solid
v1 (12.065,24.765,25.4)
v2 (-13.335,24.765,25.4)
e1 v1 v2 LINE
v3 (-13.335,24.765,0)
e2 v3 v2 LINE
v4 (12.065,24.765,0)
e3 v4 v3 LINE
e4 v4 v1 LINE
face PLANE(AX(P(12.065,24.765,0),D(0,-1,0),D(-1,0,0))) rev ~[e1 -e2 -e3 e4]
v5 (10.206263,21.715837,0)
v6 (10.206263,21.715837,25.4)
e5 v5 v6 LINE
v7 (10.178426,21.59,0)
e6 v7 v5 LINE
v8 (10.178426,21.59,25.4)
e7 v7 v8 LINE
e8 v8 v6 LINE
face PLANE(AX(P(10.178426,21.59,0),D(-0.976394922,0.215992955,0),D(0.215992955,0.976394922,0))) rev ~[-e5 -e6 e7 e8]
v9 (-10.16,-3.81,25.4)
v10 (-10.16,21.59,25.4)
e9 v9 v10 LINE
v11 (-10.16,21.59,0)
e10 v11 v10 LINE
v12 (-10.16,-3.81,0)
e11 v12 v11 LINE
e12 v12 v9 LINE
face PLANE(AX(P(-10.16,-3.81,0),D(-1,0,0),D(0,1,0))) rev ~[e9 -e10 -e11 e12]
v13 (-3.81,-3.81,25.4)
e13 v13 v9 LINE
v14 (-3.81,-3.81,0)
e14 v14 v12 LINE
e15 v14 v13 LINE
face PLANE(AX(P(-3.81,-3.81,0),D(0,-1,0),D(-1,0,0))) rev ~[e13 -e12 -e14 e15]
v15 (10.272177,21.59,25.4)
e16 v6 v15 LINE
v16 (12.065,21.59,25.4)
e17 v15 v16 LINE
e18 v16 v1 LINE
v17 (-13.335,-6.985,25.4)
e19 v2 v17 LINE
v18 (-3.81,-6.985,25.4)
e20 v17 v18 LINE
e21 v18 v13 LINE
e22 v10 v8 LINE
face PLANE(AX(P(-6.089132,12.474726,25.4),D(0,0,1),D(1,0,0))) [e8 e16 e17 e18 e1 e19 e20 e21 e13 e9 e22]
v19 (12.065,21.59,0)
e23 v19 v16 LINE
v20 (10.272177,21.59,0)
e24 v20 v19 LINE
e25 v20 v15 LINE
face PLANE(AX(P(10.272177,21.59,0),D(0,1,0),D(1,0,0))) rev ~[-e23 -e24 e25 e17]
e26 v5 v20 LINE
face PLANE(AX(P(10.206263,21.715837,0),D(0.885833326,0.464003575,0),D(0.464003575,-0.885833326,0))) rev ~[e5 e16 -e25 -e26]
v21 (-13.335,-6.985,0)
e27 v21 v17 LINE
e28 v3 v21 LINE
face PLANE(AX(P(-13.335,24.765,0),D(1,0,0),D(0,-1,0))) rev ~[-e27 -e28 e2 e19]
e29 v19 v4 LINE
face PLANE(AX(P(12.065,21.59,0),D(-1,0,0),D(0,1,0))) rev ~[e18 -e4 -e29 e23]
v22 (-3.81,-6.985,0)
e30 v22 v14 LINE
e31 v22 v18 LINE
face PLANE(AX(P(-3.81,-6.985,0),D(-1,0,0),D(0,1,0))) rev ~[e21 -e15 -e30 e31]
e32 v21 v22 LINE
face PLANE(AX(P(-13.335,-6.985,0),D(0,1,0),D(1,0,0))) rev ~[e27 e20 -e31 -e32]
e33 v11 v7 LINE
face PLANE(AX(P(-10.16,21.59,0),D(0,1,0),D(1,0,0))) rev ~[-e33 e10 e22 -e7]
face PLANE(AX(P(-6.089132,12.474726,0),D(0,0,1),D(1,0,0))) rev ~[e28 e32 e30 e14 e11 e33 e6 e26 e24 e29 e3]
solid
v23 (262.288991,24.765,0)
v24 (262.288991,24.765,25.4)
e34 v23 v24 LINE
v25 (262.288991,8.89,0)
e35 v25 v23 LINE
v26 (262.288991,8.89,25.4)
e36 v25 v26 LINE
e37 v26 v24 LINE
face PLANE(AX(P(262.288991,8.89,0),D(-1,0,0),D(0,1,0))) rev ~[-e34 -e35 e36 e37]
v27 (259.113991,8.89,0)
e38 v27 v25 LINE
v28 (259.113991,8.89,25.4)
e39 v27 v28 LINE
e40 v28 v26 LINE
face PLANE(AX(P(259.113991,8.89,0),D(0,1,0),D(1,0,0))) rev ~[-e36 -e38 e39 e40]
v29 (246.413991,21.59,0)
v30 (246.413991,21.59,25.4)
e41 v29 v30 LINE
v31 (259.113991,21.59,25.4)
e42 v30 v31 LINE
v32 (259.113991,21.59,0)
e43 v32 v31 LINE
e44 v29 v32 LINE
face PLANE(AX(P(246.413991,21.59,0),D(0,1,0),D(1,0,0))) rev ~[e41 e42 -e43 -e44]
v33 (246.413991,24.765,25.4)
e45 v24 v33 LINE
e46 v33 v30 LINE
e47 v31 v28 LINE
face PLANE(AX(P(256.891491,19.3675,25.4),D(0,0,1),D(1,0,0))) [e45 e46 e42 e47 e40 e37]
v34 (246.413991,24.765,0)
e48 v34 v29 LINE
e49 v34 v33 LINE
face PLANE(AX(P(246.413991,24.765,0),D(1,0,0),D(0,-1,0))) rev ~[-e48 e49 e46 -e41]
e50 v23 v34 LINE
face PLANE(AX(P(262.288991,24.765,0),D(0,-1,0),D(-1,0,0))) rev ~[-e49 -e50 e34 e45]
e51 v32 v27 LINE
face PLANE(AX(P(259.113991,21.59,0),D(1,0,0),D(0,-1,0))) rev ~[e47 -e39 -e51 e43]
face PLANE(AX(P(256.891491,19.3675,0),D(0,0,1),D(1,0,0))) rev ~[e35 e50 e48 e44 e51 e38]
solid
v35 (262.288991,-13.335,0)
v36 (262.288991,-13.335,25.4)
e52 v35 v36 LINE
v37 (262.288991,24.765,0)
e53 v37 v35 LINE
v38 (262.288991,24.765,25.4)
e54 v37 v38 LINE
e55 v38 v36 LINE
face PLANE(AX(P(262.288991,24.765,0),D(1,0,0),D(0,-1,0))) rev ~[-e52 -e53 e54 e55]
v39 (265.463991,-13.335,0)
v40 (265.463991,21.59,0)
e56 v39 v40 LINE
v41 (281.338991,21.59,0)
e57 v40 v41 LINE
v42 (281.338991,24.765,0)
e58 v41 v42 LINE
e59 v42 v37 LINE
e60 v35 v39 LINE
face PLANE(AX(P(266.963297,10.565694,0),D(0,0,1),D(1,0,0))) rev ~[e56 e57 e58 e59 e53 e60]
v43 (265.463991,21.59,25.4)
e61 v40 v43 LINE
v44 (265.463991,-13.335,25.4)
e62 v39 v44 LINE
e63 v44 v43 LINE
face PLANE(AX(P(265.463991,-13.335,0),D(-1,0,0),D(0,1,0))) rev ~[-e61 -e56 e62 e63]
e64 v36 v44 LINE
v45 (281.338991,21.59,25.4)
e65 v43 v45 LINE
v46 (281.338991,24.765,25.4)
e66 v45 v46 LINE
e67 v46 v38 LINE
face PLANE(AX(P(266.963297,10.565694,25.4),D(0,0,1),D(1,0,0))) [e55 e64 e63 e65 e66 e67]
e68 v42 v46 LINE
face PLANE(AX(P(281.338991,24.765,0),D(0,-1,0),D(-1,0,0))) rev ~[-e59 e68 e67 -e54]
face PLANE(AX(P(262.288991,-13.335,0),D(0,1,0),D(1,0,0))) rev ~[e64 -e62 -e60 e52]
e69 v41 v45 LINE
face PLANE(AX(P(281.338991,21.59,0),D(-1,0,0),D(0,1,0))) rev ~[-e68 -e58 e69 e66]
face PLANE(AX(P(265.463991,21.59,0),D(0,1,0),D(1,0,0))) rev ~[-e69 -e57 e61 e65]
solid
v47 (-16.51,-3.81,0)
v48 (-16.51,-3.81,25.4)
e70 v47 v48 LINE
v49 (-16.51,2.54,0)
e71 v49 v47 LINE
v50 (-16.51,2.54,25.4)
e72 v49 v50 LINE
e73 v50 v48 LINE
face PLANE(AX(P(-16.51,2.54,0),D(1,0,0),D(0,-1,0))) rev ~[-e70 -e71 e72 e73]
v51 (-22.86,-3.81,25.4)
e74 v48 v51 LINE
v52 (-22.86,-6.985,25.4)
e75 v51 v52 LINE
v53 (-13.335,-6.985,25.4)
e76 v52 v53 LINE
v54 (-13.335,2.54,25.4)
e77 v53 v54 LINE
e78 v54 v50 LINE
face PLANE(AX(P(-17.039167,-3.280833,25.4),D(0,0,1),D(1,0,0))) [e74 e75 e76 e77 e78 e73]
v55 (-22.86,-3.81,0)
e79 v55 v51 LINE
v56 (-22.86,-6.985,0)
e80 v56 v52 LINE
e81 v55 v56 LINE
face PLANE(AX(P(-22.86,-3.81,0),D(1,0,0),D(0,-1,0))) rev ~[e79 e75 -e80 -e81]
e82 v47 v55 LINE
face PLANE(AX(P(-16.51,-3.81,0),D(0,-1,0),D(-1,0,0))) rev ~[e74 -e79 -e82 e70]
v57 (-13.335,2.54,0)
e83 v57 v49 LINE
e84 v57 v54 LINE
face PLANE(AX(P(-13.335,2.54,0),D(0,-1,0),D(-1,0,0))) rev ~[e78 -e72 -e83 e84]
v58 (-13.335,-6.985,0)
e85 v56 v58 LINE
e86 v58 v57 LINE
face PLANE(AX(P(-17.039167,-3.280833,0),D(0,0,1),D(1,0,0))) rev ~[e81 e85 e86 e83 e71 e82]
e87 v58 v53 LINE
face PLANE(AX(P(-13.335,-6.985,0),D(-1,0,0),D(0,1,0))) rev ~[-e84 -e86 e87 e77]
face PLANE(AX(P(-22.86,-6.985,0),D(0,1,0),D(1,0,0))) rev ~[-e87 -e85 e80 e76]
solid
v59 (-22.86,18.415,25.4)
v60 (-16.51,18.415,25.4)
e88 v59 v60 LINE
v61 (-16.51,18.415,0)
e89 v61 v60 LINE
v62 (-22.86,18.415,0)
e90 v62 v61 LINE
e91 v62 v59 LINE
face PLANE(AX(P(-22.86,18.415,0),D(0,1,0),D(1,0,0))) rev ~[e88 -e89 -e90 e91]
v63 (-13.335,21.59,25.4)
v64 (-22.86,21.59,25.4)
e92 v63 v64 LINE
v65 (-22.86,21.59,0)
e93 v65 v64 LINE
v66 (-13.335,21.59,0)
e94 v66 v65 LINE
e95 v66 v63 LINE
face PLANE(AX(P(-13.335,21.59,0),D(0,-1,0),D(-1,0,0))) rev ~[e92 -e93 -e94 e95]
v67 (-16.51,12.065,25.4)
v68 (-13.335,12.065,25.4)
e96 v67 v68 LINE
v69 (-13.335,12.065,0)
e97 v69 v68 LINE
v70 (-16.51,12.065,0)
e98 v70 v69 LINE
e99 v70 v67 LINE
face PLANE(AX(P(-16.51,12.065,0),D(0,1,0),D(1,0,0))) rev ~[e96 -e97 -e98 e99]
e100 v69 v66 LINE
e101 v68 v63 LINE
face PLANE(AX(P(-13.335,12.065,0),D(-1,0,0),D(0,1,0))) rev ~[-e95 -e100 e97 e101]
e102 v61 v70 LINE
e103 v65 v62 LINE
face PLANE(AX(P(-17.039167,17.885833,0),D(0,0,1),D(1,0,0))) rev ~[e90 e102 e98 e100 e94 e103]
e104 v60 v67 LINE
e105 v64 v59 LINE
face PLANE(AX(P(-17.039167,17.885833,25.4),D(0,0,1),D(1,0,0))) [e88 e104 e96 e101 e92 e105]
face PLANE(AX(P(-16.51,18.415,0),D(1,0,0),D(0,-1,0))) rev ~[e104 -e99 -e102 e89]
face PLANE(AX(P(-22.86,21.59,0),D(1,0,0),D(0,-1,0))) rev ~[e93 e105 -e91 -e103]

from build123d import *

# Parameters (mm, degrees)
F1_DEPTH = 25.4
F2_DEPTH = 25.4
F3_DEPTH = 25.4
F4_DEPTH = 25.4


with BuildPart() as f1:
    # F0 (on Top) → F1 (new body)
    with BuildSketch(Plane.XY):
        Polygon((-10.16, 21.59), (2.54, 21.59), (10.178426, 21.59), (10.206263, 21.715837), (10.272177, 21.59), (12.065, 21.59), (12.065, 24.765), (-13.335, 24.765), (-13.335, 21.59), (-13.335, 18.415), (-13.335, 12.065), (-13.335, 2.54), (-13.335, -3.81), (-13.335, -6.985), (-3.81, -6.985), (-3.81, -3.81), (-10.16, -3.81), align=None)
    extrude(amount=F1_DEPTH)


with BuildPart() as f2:
    # F0 (on Top) → F2 (new body)
    with BuildSketch(Plane.XY):
        Polygon((-13.335, 18.415), (-13.335, 21.59), (-22.86, 21.59), (-22.86, 18.415), (-16.51, 18.415), (-16.51, 12.065), (-13.335, 12.065), align=None)
        Polygon((-22.86, -6.985), (-13.335, -6.985), (-13.335, -3.81), (-13.335, 2.54), (-16.51, 2.54), (-16.51, -3.81), (-22.86, -3.81), align=None)
    extrude(amount=F2_DEPTH)


with BuildPart() as f3:
    # F0 (on Top) → F3 (new body)
    with BuildSketch(Plane.XY):
        Polygon((281.338991, 24.765), (262.288991, 24.765), (262.288991, 21.59), (262.288991, 8.89), (262.288991, -13.335), (265.463991, -13.335), (265.463991, 21.59), (281.338991, 21.59), align=None)
    extrude(amount=F3_DEPTH)


with BuildPart() as f4:
    # F0 (on Top) → F4 (new body)
    with BuildSketch(Plane.XY):
        Polygon((246.413991, 21.59), (252.398074, 21.59), (259.113991, 21.59), (259.113991, 8.89), (262.288991, 8.89), (262.288991, 21.59), (262.288991, 24.765), (246.413991, 24.765), align=None)
    extrude(amount=F4_DEPTH)


solid = Compound([f1.part, f2.part, f3.part, f4.part])
